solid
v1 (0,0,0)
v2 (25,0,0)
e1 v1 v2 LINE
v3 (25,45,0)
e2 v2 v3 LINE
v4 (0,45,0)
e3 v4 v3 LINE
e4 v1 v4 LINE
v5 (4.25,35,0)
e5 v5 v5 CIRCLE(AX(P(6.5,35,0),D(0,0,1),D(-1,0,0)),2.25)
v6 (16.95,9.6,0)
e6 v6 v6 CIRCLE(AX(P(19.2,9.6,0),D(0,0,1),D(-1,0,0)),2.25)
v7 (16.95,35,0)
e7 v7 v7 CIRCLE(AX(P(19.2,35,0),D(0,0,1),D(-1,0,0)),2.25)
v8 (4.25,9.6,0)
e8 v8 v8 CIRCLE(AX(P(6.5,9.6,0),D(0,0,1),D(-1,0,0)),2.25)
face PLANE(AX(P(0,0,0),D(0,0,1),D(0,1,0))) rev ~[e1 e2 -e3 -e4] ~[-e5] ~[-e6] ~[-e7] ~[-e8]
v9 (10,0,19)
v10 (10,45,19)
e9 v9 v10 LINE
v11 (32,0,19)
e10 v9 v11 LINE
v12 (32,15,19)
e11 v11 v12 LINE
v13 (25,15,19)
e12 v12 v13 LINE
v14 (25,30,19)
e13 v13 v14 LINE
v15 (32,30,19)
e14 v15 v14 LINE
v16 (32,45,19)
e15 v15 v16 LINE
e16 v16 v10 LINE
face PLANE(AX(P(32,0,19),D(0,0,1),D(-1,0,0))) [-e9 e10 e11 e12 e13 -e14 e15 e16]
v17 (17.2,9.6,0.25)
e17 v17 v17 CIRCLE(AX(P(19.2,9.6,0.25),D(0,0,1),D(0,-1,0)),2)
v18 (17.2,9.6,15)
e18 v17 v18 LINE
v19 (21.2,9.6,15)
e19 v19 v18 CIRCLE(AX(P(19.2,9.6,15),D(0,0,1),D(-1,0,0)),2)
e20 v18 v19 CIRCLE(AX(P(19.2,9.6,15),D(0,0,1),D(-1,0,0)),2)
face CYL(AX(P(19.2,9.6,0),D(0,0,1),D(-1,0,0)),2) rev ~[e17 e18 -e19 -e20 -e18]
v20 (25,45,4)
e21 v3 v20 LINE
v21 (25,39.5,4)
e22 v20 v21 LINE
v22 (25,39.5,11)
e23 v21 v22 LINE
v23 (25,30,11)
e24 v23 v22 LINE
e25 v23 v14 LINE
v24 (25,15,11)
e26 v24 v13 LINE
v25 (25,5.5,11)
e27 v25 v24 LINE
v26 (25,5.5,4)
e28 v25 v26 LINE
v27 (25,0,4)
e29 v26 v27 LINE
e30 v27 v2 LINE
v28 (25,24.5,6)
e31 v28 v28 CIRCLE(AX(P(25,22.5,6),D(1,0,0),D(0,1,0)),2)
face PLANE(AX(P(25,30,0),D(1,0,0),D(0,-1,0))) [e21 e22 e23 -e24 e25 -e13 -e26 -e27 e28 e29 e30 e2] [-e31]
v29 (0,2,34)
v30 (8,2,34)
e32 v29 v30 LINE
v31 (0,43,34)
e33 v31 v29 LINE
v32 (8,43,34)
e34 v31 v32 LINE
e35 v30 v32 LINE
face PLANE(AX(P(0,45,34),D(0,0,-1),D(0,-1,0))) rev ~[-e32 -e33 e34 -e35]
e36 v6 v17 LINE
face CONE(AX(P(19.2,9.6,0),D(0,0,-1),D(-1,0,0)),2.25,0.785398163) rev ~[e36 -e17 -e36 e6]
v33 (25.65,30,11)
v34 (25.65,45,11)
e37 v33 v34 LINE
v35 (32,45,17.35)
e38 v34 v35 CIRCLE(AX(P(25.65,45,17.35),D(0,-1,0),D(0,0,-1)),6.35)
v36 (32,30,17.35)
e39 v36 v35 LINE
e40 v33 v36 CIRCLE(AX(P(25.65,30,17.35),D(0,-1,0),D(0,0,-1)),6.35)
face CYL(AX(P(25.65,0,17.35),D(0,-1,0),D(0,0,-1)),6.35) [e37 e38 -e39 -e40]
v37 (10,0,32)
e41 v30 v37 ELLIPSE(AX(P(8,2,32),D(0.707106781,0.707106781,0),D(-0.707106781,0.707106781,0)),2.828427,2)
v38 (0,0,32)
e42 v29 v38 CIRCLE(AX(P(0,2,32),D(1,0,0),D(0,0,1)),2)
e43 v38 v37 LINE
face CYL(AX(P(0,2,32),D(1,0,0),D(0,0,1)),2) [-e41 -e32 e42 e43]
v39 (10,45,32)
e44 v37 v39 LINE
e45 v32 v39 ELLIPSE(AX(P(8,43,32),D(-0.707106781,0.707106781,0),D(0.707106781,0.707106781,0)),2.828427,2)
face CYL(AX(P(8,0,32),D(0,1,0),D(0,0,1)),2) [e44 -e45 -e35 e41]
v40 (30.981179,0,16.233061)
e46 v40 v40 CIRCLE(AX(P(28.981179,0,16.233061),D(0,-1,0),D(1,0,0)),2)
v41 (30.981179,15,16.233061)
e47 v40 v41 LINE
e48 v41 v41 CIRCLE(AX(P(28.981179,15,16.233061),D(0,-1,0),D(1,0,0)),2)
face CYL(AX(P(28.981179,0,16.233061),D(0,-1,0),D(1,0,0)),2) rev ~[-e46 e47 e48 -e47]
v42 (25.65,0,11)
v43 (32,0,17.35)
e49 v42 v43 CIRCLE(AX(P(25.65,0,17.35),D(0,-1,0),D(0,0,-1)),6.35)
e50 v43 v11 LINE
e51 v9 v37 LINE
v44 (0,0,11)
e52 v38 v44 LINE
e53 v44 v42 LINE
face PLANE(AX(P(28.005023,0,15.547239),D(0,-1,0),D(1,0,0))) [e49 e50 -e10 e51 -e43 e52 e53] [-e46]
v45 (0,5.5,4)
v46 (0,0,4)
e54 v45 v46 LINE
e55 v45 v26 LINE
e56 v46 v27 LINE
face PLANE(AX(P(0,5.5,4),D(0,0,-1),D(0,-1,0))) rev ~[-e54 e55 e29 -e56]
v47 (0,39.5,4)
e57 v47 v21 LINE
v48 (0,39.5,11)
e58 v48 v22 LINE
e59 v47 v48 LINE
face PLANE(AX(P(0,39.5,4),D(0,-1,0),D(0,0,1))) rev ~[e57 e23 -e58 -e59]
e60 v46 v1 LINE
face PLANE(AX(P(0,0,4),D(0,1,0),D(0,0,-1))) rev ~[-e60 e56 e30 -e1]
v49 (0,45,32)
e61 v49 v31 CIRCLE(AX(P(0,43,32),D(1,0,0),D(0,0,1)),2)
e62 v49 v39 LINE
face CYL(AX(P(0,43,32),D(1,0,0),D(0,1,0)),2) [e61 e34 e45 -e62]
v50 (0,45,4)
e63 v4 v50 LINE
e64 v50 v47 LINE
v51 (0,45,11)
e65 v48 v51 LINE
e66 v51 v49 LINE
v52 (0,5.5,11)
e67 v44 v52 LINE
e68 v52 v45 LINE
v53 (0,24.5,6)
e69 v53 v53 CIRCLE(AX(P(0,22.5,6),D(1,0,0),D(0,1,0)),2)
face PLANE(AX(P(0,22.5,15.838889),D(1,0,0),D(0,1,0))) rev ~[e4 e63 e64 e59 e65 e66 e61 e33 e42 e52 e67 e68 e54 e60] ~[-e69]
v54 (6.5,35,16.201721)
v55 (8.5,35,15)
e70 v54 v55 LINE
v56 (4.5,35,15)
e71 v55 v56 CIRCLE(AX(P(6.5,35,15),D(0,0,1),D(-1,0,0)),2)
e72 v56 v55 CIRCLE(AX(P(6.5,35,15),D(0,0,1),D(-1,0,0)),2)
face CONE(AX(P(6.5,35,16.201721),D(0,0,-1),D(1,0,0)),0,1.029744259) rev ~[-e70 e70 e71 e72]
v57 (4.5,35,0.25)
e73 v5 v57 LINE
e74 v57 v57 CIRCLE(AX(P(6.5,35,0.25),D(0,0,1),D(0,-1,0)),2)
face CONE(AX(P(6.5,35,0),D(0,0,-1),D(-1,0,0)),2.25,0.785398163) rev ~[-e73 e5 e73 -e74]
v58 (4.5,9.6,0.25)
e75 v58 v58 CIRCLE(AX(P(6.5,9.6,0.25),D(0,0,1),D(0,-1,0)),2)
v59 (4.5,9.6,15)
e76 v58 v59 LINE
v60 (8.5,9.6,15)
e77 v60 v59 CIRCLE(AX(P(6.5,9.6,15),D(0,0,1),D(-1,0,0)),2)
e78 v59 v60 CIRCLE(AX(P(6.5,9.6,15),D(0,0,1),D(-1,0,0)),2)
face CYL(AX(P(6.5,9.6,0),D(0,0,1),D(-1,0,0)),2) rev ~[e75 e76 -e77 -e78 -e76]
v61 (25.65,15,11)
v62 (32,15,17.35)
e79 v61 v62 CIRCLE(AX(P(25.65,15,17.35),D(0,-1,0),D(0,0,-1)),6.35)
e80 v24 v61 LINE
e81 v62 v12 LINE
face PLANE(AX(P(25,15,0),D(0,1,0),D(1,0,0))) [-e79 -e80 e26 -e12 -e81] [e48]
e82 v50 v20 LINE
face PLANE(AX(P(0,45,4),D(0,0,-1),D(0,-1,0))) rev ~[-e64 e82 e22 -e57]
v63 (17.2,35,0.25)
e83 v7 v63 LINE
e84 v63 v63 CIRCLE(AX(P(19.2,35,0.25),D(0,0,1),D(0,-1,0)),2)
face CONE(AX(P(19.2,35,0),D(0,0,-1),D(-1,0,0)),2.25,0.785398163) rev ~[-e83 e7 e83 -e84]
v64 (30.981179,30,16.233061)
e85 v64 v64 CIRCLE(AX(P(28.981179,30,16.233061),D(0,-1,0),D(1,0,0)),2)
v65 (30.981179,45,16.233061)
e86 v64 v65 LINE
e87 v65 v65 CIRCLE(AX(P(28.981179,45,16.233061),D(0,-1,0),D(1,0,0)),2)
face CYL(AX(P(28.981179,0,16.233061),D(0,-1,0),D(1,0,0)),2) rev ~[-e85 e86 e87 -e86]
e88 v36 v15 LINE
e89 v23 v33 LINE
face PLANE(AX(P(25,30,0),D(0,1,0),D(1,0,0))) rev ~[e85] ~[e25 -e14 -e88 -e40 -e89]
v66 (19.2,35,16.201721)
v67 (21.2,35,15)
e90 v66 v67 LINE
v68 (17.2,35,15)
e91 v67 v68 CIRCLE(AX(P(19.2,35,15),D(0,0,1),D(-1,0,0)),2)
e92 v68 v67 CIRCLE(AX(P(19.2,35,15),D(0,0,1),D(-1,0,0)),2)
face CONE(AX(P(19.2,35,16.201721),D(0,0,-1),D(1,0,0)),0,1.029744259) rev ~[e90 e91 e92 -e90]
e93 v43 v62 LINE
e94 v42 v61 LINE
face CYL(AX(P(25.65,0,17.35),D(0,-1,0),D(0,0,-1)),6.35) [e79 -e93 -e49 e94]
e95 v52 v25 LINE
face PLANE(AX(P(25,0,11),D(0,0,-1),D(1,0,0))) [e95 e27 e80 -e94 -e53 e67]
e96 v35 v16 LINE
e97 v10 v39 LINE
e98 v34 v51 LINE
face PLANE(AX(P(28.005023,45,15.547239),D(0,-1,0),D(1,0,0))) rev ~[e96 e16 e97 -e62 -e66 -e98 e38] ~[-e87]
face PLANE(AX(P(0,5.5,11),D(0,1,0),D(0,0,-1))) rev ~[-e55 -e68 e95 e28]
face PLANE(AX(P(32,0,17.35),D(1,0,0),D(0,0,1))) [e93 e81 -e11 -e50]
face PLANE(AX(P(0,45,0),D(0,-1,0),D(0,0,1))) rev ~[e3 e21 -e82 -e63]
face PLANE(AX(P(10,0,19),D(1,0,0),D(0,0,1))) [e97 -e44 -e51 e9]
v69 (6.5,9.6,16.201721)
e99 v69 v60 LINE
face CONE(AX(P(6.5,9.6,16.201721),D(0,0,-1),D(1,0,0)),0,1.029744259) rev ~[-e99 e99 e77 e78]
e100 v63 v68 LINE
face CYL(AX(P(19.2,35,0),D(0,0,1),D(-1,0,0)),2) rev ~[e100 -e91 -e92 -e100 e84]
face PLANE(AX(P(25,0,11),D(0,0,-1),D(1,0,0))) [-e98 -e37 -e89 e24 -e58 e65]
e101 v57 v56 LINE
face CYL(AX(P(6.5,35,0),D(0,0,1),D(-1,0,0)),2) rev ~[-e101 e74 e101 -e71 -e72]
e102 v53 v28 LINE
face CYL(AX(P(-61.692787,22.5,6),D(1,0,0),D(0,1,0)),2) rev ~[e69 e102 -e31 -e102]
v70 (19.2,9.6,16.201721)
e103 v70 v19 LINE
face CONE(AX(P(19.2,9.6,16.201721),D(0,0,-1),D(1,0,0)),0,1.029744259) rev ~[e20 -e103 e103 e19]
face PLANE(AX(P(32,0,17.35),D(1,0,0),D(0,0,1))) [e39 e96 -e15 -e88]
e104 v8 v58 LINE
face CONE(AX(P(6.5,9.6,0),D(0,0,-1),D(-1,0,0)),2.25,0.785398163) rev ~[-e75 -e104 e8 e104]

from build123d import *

# Parameters (mm, degrees)
F1_DEPTH       = 25
F2_W           = 15
F2_H           = 15
F3_DEPTH       = 45
F4_R           = 2
F6_D           = 4
F8_D           = 4
F8_DEPTH       = 15
F8_CSINK_D     = 4.5
F8_CSINK_ANGLE = 90
F8_TIP         = 1.2017212381
F9_R           = 2
F10_DEPTH      = 45
F11_W          = 13.5859974714
F11_H          = 15
F12_DEPTH      = 25.4


with BuildPart() as f1:
    # F0 (on Right) → F1 (new body)
    with BuildSketch(Plane.YZ):
        Polygon((0, 4), (0, 0), (45, 0), (45, 4), (39.5, 4), (39.5, 11), (45, 11), (45, 34), (0, 34), (0, 11), (5.5, 11), (5.5, 4), align=None)
    extrude(amount=F1_DEPTH)

    # F2 (on face) → F3 (cut, through all)
    with BuildSketch(Plane.XZ):
        with Locations((17.5, 26.5)):
            Rectangle(F2_W, F2_H)
    extrude(amount=-F3_DEPTH, mode=Mode.SUBTRACT)

    # F4
    f4_edges = [f1.edges().sort_by_distance(p)[0] for p in [
        (10, 22.5, 34),
        (5, 0, 34),
        (5, 45, 34),
    ]]
    fillet(f4_edges, radius=F4_R)

    # F6 (through all)
    with Locations(Plane(origin=(0, 0, 0), x_dir=(0, -1, 0), z_dir=(-1, 0, 0))):
        with Locations((-22.5, 6)):
            Hole(F6_D / 2)

    # F8
    with Locations(Plane(origin=(0, 0, 0), x_dir=(1, 0, 0), z_dir=(0, 0, -1))):
        with Locations((19.2, -9.6), (6.5, -9.6), (6.5, -35), (19.2, -35)):
            CounterSinkHole(F8_D / 2, F8_CSINK_D / 2, depth=F8_DEPTH, counter_sink_angle=F8_CSINK_ANGLE)
            with Locations((0, 0, -(F8_DEPTH + F8_TIP / 2))):  # 118° drill point
                Cone(0, F8_D / 2, F8_TIP, mode=Mode.SUBTRACT)

    # F9 (on face) → F10 (join, through all)
    with BuildSketch(Plane.XZ):
        with BuildLine():
            Line((32, 19), (25, 19))
            Line((25, 19), (25, 11))
            Line((25, 11), (25.65, 11))
            ThreePointArc((25.65, 11), (30.1401280605, 12.8598719395), (32, 17.35))
            Line((32, 17.35), (32, 19))
        make_face()
        with Locations((28.9811789989, 16.233060509)):
            Circle(F9_R, mode=Mode.SUBTRACT)
    extrude(amount=-F10_DEPTH)

    # F11 (on face) → F12 (cut)
    with BuildSketch(Plane(origin=(0, 0, 0), x_dir=(1, 0, 0), z_dir=(0, 0, -1))):
        with Locations((31.7929987357, -22.5)):
            Rectangle(F11_W, F11_H)
    extrude(amount=-F12_DEPTH, mode=Mode.SUBTRACT)


solid = f1.part
